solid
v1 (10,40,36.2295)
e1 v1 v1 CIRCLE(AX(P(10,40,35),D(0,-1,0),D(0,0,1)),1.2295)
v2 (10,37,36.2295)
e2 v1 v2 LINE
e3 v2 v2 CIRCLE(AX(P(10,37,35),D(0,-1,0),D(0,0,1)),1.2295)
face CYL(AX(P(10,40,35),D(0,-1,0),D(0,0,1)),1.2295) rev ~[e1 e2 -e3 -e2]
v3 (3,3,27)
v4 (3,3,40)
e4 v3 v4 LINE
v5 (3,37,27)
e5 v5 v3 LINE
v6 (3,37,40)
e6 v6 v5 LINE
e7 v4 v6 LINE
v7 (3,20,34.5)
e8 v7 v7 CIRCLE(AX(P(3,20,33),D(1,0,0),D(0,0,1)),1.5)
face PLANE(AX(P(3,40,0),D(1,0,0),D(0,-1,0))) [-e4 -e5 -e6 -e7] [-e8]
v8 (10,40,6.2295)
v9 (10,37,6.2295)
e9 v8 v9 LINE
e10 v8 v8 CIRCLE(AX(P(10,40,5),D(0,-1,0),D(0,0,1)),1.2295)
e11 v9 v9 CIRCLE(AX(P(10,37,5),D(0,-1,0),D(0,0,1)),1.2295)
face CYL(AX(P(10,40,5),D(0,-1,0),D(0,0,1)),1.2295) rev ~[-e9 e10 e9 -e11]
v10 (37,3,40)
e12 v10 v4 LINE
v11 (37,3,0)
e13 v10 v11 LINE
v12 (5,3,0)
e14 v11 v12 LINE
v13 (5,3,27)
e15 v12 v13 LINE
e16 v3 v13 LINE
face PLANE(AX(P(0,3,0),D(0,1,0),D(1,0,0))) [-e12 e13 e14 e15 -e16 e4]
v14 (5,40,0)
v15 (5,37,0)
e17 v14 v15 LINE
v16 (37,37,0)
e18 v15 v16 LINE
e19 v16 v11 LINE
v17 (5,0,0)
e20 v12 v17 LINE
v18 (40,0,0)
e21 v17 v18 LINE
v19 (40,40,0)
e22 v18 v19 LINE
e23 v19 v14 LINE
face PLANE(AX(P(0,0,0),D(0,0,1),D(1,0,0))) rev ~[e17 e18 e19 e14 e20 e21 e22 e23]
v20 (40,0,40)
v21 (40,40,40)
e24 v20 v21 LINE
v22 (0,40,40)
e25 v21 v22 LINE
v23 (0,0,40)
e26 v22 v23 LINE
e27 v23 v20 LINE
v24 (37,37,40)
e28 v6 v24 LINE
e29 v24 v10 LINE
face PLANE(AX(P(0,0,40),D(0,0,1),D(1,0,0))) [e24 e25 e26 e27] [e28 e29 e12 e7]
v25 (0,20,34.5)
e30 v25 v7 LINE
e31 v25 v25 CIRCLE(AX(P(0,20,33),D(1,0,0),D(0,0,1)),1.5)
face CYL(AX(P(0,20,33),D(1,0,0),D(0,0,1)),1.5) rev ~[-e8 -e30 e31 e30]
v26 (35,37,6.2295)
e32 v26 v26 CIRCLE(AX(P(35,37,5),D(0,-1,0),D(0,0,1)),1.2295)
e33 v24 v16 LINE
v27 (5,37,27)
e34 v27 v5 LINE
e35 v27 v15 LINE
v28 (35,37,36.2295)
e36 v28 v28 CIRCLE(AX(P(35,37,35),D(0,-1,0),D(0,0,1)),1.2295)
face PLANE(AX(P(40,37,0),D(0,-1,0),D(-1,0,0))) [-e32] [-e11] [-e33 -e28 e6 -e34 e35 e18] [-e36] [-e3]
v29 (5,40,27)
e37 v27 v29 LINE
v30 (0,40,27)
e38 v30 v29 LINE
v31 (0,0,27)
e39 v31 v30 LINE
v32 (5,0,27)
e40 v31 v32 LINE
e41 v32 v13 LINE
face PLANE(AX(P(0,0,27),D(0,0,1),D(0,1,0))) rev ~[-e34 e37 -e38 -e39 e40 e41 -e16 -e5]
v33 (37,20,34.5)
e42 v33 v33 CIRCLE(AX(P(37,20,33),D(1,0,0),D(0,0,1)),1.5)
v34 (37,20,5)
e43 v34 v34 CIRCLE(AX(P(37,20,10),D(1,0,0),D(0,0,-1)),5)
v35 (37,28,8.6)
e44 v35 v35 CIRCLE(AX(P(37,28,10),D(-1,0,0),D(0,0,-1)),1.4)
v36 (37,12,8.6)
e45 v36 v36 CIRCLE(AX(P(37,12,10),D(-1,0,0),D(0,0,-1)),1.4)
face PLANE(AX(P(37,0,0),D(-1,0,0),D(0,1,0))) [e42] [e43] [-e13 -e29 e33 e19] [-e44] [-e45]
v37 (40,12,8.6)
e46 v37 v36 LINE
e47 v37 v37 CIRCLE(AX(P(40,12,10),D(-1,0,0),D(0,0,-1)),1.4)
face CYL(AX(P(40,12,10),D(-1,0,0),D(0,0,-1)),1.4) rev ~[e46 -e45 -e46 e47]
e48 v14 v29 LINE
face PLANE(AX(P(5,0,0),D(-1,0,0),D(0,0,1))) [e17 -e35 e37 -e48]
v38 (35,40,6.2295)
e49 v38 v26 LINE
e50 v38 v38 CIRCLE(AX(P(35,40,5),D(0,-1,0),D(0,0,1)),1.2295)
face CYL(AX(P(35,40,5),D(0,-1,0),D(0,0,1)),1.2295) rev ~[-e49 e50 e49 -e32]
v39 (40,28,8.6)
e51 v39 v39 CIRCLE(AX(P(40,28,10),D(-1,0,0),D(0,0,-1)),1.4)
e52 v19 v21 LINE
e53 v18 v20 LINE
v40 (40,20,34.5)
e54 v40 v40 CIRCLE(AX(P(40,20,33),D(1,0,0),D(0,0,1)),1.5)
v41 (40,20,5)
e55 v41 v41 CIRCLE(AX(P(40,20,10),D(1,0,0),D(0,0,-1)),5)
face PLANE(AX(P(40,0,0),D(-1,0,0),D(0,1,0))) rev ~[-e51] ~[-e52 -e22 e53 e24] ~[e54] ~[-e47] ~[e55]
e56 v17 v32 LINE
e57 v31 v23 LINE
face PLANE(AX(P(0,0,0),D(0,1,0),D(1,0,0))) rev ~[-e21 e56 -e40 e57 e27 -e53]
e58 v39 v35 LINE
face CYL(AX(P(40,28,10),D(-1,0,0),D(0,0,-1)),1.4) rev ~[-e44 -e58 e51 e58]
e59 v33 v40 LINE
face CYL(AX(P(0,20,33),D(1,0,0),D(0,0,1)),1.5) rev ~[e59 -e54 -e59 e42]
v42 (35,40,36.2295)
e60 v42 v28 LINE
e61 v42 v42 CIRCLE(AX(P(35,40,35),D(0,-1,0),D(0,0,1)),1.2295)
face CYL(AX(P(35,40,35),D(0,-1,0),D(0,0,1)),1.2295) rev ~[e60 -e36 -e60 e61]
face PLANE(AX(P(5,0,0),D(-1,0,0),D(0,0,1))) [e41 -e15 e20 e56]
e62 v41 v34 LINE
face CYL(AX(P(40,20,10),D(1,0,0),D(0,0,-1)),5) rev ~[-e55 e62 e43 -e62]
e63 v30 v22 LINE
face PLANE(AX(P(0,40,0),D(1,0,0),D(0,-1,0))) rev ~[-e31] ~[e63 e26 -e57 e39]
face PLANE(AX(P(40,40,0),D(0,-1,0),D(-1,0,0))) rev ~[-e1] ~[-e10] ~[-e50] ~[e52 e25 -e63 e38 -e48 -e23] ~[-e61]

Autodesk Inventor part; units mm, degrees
ref_plane "YZ Plane" through (0, 0, 0) normal (1, 0, 0) x (0, 1, 0)
ref_plane "XZ Plane" through (0, 0, 0) normal (0, 1, 0) x (-1, 0, 0)
ref_plane "XY Plane" through (0, 0, 0) normal (0, 0, 1) x (1, 0, 0)
sketch "スケッチ1" plane through (0, 0, 0) normal (0, 0, 1) x (1, 0, 0)
  line L0 (0, 0) -> (40, 0)
  line L1 (40, 0) -> (40, 40)
  line L2 (40, 40) -> (0, 40)
  line L3 (0, 40) -> (0, 0)
  dimension "d0" = 40
  dimension "d1" = 40
extrude "押し出し1" add sketch "スケッチ1" along normal blind 40
shell "シェル1" thickness 3 removed faces 2 at (26.6667, 13.3333, 0) at (26.6667, 13.3333, 40)
sketch "スケッチ2" plane through (0, 0, 0) normal (-1, 0, 0) x (0, 0, 1)
  line L0 (0, 40) -> (0, 0) projected
  line L1 (0, 40) -> (40, 40) projected
  line L2 (0, 0) -> (27, 0)
  line L3 (27, 0) -> (27, 40)
  line L4 (27, 40) -> (0, 40)
  line L5 (0, 40) -> (0, 0)
  dimension "d5" = 27
extrude "押し出し2" cut sketch "スケッチ2" against normal blind 5
sketch "スケッチ3" plane through (0, 0, 40) normal (-1, 0, 0) x (0, 0, 1)
  circle A0 centre (-7, 20) radius 1.5
  line L0 (0, 40) -> (0, 0) projected
  line L1 (-13, 0) -> (0, 0) projected
  point P0 (-40, 0)
  dimension "d8" = 3
  dimension "d9" = 7
  dimension "d10" = 20
hole "穴1" at (0, 20, 33) direction (1, 0, 0) diameter 3 end through all
sketch "スケッチ4" plane through (0, 40, 40) normal (0, 1, 0) x (1, 0, 0)
  line L0 (35, 35) -> (10, 35)
  line L1 (10, 35) -> (10, 5)
  line L2 (10, 5) -> (35, 5)
  line L3 (35, 5) -> (35, 35)
  line L4 (40, 40) -> (5, 40) projected
  line L5 (40, 40) -> (40, 0) projected
  point P0 (0, 40)
  dimension "d18" = 25
  dimension "d19" = 30
  dimension "d20" = 5
  dimension "d21" = 5
hole "穴2" at (10, 40, 5) at (35, 40, 5) at (35, 40, 35) at (10, 40, 35) direction (0, -1, 0) diameter 2.459 depth 3 thread size "M3x0.5" class "6H" standard "ISO Metric profile"
sketch "スケッチ5" plane through (40, 0, 0) normal (1, 0, 0) x (0, 0, -1)
  line L0 (0, 0) -> (-40, 0) projected
  line L1 (0, 0) -> (0, 40) projected
  point P0 (-10, 12)
  point P1 (-10, 28)
  dimension "d29" = 16
  dimension "d32" = 12
  dimension "d33" = 10
  dimension "d34" = 10
hole "穴3" at (40, 28, 10) at (40, 12, 10) direction (-1, 0, 0) diameter 2.8 depth 3
sketch "スケッチ6" plane through (40, 0, 0) normal (1, 0, 0) x (0, 0, -1)
  circle A0 centre (-10, 20) radius 5
  line L0 (0, 0) -> (0, 40) projected
  line L1 (0, 0) -> (-40, 0) projected
  dimension "d42" = 10
  dimension "d43" = 10
  dimension "d44" = 20
extrude "押し出し3" cut sketch "スケッチ6" against normal blind 5
properties part number "ギヤボックス２右"
